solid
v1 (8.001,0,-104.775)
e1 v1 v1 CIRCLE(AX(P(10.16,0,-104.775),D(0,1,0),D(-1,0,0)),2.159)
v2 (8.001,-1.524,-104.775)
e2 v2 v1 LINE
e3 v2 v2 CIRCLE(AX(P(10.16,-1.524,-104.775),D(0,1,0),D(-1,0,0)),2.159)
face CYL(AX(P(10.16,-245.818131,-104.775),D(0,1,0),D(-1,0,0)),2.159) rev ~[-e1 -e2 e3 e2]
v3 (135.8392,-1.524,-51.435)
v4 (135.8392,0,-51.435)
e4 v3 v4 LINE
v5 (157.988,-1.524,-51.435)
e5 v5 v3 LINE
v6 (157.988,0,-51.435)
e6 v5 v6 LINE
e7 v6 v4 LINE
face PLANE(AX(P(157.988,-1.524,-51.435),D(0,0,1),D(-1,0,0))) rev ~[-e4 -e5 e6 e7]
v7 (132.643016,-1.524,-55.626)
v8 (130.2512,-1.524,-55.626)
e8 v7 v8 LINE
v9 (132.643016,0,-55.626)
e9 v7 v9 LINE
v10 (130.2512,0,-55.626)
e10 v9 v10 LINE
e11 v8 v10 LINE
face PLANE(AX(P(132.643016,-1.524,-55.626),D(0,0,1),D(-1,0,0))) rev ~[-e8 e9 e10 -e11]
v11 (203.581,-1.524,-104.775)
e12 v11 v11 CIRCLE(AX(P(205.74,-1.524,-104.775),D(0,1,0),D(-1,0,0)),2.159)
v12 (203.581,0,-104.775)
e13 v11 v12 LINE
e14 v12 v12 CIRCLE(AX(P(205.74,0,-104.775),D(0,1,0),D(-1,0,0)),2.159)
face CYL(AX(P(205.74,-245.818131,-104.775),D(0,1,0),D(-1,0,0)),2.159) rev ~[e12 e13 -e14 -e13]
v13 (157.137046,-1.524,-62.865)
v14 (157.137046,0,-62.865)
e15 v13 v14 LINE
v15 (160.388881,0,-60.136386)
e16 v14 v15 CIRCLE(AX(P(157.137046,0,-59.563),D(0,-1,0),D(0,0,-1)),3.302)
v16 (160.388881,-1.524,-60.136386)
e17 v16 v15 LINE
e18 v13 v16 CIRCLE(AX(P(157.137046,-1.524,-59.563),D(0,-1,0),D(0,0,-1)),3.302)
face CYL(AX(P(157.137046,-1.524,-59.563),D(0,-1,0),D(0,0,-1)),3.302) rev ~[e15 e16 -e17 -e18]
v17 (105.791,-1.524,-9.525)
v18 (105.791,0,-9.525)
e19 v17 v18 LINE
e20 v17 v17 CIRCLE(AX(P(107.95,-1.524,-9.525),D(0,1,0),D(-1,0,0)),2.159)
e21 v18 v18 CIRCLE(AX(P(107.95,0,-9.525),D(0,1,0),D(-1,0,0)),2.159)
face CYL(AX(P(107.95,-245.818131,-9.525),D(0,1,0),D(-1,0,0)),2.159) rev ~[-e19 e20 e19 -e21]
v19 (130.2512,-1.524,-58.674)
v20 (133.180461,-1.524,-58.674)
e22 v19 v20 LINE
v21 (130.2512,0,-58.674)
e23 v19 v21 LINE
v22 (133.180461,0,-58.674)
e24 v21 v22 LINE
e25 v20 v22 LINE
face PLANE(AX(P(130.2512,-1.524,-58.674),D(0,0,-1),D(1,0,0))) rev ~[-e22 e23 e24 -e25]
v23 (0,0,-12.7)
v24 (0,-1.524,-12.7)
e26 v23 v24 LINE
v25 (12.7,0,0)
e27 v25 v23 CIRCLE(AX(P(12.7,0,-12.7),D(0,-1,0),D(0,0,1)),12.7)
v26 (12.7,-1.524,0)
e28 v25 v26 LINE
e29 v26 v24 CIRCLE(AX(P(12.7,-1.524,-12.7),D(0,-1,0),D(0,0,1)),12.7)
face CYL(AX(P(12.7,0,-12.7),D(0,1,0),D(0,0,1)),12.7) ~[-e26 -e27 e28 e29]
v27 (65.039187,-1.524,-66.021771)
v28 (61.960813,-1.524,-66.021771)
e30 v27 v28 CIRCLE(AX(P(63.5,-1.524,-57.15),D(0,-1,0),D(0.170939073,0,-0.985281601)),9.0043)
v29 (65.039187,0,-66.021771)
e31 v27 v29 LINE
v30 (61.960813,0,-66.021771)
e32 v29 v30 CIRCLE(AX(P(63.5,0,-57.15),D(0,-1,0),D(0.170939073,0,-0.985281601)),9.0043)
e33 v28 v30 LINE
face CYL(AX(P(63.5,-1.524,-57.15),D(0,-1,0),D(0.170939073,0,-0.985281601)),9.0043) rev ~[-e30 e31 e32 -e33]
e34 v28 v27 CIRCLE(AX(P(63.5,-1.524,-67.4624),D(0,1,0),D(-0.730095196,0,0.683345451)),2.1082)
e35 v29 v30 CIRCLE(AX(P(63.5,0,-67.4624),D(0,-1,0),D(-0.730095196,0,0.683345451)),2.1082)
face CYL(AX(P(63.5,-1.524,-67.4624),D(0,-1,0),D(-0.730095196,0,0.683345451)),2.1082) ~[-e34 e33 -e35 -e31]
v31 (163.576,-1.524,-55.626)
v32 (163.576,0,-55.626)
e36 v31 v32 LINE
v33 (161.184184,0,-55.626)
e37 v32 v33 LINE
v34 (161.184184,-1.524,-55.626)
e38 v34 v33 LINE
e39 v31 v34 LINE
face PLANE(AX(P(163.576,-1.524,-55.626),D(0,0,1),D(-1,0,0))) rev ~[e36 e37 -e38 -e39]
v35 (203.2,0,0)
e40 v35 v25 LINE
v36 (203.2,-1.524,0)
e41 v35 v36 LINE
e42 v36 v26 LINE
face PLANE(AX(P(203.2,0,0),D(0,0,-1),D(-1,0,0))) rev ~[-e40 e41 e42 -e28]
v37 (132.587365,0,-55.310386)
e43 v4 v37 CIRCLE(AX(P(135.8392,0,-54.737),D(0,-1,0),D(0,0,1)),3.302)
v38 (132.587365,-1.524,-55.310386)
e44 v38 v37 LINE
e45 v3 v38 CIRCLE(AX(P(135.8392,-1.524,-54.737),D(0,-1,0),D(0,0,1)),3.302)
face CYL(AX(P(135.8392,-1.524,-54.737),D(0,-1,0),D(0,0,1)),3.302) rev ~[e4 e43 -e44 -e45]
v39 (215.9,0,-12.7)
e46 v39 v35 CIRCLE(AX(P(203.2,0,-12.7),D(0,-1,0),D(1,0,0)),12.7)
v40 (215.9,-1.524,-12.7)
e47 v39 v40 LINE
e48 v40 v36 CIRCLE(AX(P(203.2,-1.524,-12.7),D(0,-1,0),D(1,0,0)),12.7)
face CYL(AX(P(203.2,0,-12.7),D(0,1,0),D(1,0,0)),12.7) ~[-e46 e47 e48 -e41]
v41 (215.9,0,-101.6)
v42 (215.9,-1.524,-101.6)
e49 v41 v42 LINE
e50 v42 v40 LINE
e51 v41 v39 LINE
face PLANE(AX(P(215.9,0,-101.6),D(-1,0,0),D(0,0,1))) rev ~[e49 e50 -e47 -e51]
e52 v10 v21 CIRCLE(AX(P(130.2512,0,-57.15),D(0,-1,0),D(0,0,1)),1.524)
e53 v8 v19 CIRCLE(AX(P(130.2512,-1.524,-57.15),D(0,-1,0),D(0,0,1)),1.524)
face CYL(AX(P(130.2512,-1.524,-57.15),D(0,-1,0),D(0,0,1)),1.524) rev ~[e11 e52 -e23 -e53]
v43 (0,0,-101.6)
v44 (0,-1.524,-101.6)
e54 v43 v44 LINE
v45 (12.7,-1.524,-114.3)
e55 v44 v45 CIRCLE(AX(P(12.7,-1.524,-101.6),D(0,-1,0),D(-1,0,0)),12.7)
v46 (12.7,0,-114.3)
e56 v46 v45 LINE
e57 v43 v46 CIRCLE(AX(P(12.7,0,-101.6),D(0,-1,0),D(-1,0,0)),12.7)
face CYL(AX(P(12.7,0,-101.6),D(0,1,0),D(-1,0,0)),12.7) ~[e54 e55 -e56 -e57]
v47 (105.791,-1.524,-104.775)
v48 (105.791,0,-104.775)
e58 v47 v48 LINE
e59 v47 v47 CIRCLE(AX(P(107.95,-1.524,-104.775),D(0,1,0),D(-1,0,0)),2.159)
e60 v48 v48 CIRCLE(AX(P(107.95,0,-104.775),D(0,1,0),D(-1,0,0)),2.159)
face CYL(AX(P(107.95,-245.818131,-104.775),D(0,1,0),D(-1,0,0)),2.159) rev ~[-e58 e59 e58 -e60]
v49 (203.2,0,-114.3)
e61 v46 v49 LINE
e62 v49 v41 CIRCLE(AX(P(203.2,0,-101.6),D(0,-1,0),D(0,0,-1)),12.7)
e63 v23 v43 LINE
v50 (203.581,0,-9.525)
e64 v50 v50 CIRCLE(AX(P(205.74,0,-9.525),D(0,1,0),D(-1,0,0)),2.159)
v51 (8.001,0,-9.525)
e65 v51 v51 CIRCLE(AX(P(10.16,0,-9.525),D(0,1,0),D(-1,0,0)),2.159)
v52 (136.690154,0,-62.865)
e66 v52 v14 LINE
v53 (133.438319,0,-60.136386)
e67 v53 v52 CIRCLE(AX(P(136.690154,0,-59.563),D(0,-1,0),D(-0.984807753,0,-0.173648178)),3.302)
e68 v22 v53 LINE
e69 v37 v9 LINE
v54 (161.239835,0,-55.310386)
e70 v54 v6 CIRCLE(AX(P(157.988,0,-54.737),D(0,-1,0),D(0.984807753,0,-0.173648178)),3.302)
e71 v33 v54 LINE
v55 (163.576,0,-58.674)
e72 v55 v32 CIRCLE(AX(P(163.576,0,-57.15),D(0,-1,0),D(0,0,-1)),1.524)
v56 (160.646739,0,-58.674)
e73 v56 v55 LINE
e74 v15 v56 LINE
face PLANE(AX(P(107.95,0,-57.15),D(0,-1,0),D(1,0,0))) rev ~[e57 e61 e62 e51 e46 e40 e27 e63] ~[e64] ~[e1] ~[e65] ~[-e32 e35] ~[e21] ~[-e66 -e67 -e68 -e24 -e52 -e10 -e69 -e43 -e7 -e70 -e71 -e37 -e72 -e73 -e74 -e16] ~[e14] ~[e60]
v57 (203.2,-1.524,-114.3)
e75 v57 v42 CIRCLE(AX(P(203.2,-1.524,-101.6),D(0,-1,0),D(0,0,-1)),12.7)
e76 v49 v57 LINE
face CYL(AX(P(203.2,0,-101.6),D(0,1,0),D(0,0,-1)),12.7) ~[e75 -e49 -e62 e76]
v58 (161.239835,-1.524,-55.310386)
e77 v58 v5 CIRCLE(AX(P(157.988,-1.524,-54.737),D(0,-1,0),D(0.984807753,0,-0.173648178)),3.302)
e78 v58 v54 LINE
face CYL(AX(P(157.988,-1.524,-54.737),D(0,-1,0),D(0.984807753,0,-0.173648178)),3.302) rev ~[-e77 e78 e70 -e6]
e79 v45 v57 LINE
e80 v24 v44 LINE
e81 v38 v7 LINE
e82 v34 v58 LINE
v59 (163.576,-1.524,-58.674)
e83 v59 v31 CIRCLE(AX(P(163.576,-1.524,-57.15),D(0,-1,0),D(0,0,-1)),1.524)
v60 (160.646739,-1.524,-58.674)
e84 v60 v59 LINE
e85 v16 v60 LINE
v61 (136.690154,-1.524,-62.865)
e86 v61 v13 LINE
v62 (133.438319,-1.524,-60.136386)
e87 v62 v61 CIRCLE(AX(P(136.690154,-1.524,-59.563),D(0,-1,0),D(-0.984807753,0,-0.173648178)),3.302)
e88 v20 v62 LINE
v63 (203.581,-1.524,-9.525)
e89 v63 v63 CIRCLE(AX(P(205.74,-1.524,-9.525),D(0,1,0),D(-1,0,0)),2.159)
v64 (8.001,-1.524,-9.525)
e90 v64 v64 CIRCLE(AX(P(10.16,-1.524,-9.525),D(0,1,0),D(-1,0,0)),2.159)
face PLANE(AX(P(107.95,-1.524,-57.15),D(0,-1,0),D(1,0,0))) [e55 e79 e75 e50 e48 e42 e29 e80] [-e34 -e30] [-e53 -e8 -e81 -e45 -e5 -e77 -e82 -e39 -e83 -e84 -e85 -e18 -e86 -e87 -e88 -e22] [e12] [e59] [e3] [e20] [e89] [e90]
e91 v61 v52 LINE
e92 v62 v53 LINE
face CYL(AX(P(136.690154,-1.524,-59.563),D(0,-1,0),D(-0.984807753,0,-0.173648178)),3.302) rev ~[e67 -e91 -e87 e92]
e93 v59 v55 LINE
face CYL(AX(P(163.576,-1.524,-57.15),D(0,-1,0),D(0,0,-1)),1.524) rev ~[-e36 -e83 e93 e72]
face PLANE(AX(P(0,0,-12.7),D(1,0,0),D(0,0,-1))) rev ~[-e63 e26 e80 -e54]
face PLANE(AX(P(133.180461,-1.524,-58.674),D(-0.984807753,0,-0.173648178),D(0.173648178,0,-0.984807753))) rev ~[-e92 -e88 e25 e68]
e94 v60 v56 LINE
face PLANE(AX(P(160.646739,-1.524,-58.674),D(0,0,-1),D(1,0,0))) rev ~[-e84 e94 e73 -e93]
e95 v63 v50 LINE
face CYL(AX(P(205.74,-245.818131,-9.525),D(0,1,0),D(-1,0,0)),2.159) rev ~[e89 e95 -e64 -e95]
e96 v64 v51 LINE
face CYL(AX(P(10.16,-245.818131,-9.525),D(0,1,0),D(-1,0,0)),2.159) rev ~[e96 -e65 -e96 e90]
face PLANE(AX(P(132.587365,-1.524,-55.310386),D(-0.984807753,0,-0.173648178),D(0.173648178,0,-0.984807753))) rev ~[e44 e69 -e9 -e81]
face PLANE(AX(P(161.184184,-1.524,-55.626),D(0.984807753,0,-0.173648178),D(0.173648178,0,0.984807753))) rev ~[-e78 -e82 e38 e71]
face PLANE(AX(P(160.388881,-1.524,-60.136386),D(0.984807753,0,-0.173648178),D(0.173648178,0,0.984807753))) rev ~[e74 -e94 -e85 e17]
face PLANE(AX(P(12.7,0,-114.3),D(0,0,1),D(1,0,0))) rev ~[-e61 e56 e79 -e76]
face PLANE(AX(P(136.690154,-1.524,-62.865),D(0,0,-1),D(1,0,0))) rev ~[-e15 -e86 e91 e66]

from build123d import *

# Parameters (mm, degrees)
F1_DEPTH = 1.524
F3_DEPTH = 1.525
F5_D     = 4.318


with BuildPart() as f1:
    # F0 (on Front) → F1 (new body)
    with BuildSketch(Plane.XZ):
        with BuildLine():
            Line((203.2, 0), (12.7, 0))
            ThreePointArc((12.7, 0), (3.7197438789, -3.7197438789), (0, -12.7))
            Line((0, -12.7), (0, -101.6))
            ThreePointArc((0, -101.6), (3.7197438789, -110.5802561211), (12.7, -114.3))
            Line((12.7, -114.3), (203.2, -114.3))
            ThreePointArc((203.2, -114.3), (212.1802561211, -110.5802561211), (215.9, -101.6))
            Line((215.9, -101.6), (215.9, -12.7))
            ThreePointArc((215.9, -12.7), (212.1802561211, -3.7197438789), (203.2, 0))
        make_face()
    extrude(amount=F1_DEPTH)

    # F2 (on face) → F3 (cut, through all)
    with BuildSketch(Plane.XZ.offset(1.524)):
        with BuildLine():
            ThreePointArc((61.9608133082, -66.0217711207), (63.5, -65.3542), (65.0391866918, -66.0217711207))
            ThreePointArc((65.0391866918, -66.0217711207), (63.5, -48.1457), (61.9608133082, -66.0217711207))
        make_face()
        with BuildLine():
            ThreePointArc((157.1370459911, -62.865), (159.2595306783, -62.0924787512), (160.3888811915, -60.1363862827))
            Line((160.3888811915, -60.1363862827), (160.6467393494, -58.674))
            Line((160.6467393494, -58.674), (163.576, -58.674))
            ThreePointArc((163.576, -58.674), (165.1, -57.15), (163.576, -55.626))
            Line((163.576, -55.626), (161.1841839866, -55.626))
            Line((161.1841839866, -55.626), (161.2398352004, -55.3103862827))
            ThreePointArc((161.2398352004, -55.3103862827), (160.5174787512, -52.6145153128), (157.988, -51.435))
            Line((157.988, -51.435), (135.8392, -51.435))
            ThreePointArc((135.8392, -51.435), (133.3097212488, -52.6145153128), (132.5873647996, -55.3103862827))
            Line((132.5873647996, -55.3103862827), (132.6430160134, -55.626))
            Line((132.6430160134, -55.626), (130.2512, -55.626))
            ThreePointArc((130.2512, -55.626), (128.7272, -57.15), (130.2512, -58.674))
            Line((130.2512, -58.674), (133.1804606506, -58.674))
            Line((133.1804606506, -58.674), (133.4383188085, -60.1363862827))
            ThreePointArc((133.4383188085, -60.1363862827), (134.5676693217, -62.0924787512), (136.6901540089, -62.865))
            Line((136.6901540089, -62.865), (157.1370459911, -62.865))
        make_face()
    extrude(amount=-F3_DEPTH, mode=Mode.SUBTRACT)

    # F5 (through all)
    with Locations(Plane.XZ.offset(1.524)):
        with Locations((10.16, -9.525), (107.95, -9.525), (205.74, -9.525), (205.74, -104.775), (107.95, -104.775), (10.16, -104.775)):
            Hole(F5_D / 2)


solid = f1.part
